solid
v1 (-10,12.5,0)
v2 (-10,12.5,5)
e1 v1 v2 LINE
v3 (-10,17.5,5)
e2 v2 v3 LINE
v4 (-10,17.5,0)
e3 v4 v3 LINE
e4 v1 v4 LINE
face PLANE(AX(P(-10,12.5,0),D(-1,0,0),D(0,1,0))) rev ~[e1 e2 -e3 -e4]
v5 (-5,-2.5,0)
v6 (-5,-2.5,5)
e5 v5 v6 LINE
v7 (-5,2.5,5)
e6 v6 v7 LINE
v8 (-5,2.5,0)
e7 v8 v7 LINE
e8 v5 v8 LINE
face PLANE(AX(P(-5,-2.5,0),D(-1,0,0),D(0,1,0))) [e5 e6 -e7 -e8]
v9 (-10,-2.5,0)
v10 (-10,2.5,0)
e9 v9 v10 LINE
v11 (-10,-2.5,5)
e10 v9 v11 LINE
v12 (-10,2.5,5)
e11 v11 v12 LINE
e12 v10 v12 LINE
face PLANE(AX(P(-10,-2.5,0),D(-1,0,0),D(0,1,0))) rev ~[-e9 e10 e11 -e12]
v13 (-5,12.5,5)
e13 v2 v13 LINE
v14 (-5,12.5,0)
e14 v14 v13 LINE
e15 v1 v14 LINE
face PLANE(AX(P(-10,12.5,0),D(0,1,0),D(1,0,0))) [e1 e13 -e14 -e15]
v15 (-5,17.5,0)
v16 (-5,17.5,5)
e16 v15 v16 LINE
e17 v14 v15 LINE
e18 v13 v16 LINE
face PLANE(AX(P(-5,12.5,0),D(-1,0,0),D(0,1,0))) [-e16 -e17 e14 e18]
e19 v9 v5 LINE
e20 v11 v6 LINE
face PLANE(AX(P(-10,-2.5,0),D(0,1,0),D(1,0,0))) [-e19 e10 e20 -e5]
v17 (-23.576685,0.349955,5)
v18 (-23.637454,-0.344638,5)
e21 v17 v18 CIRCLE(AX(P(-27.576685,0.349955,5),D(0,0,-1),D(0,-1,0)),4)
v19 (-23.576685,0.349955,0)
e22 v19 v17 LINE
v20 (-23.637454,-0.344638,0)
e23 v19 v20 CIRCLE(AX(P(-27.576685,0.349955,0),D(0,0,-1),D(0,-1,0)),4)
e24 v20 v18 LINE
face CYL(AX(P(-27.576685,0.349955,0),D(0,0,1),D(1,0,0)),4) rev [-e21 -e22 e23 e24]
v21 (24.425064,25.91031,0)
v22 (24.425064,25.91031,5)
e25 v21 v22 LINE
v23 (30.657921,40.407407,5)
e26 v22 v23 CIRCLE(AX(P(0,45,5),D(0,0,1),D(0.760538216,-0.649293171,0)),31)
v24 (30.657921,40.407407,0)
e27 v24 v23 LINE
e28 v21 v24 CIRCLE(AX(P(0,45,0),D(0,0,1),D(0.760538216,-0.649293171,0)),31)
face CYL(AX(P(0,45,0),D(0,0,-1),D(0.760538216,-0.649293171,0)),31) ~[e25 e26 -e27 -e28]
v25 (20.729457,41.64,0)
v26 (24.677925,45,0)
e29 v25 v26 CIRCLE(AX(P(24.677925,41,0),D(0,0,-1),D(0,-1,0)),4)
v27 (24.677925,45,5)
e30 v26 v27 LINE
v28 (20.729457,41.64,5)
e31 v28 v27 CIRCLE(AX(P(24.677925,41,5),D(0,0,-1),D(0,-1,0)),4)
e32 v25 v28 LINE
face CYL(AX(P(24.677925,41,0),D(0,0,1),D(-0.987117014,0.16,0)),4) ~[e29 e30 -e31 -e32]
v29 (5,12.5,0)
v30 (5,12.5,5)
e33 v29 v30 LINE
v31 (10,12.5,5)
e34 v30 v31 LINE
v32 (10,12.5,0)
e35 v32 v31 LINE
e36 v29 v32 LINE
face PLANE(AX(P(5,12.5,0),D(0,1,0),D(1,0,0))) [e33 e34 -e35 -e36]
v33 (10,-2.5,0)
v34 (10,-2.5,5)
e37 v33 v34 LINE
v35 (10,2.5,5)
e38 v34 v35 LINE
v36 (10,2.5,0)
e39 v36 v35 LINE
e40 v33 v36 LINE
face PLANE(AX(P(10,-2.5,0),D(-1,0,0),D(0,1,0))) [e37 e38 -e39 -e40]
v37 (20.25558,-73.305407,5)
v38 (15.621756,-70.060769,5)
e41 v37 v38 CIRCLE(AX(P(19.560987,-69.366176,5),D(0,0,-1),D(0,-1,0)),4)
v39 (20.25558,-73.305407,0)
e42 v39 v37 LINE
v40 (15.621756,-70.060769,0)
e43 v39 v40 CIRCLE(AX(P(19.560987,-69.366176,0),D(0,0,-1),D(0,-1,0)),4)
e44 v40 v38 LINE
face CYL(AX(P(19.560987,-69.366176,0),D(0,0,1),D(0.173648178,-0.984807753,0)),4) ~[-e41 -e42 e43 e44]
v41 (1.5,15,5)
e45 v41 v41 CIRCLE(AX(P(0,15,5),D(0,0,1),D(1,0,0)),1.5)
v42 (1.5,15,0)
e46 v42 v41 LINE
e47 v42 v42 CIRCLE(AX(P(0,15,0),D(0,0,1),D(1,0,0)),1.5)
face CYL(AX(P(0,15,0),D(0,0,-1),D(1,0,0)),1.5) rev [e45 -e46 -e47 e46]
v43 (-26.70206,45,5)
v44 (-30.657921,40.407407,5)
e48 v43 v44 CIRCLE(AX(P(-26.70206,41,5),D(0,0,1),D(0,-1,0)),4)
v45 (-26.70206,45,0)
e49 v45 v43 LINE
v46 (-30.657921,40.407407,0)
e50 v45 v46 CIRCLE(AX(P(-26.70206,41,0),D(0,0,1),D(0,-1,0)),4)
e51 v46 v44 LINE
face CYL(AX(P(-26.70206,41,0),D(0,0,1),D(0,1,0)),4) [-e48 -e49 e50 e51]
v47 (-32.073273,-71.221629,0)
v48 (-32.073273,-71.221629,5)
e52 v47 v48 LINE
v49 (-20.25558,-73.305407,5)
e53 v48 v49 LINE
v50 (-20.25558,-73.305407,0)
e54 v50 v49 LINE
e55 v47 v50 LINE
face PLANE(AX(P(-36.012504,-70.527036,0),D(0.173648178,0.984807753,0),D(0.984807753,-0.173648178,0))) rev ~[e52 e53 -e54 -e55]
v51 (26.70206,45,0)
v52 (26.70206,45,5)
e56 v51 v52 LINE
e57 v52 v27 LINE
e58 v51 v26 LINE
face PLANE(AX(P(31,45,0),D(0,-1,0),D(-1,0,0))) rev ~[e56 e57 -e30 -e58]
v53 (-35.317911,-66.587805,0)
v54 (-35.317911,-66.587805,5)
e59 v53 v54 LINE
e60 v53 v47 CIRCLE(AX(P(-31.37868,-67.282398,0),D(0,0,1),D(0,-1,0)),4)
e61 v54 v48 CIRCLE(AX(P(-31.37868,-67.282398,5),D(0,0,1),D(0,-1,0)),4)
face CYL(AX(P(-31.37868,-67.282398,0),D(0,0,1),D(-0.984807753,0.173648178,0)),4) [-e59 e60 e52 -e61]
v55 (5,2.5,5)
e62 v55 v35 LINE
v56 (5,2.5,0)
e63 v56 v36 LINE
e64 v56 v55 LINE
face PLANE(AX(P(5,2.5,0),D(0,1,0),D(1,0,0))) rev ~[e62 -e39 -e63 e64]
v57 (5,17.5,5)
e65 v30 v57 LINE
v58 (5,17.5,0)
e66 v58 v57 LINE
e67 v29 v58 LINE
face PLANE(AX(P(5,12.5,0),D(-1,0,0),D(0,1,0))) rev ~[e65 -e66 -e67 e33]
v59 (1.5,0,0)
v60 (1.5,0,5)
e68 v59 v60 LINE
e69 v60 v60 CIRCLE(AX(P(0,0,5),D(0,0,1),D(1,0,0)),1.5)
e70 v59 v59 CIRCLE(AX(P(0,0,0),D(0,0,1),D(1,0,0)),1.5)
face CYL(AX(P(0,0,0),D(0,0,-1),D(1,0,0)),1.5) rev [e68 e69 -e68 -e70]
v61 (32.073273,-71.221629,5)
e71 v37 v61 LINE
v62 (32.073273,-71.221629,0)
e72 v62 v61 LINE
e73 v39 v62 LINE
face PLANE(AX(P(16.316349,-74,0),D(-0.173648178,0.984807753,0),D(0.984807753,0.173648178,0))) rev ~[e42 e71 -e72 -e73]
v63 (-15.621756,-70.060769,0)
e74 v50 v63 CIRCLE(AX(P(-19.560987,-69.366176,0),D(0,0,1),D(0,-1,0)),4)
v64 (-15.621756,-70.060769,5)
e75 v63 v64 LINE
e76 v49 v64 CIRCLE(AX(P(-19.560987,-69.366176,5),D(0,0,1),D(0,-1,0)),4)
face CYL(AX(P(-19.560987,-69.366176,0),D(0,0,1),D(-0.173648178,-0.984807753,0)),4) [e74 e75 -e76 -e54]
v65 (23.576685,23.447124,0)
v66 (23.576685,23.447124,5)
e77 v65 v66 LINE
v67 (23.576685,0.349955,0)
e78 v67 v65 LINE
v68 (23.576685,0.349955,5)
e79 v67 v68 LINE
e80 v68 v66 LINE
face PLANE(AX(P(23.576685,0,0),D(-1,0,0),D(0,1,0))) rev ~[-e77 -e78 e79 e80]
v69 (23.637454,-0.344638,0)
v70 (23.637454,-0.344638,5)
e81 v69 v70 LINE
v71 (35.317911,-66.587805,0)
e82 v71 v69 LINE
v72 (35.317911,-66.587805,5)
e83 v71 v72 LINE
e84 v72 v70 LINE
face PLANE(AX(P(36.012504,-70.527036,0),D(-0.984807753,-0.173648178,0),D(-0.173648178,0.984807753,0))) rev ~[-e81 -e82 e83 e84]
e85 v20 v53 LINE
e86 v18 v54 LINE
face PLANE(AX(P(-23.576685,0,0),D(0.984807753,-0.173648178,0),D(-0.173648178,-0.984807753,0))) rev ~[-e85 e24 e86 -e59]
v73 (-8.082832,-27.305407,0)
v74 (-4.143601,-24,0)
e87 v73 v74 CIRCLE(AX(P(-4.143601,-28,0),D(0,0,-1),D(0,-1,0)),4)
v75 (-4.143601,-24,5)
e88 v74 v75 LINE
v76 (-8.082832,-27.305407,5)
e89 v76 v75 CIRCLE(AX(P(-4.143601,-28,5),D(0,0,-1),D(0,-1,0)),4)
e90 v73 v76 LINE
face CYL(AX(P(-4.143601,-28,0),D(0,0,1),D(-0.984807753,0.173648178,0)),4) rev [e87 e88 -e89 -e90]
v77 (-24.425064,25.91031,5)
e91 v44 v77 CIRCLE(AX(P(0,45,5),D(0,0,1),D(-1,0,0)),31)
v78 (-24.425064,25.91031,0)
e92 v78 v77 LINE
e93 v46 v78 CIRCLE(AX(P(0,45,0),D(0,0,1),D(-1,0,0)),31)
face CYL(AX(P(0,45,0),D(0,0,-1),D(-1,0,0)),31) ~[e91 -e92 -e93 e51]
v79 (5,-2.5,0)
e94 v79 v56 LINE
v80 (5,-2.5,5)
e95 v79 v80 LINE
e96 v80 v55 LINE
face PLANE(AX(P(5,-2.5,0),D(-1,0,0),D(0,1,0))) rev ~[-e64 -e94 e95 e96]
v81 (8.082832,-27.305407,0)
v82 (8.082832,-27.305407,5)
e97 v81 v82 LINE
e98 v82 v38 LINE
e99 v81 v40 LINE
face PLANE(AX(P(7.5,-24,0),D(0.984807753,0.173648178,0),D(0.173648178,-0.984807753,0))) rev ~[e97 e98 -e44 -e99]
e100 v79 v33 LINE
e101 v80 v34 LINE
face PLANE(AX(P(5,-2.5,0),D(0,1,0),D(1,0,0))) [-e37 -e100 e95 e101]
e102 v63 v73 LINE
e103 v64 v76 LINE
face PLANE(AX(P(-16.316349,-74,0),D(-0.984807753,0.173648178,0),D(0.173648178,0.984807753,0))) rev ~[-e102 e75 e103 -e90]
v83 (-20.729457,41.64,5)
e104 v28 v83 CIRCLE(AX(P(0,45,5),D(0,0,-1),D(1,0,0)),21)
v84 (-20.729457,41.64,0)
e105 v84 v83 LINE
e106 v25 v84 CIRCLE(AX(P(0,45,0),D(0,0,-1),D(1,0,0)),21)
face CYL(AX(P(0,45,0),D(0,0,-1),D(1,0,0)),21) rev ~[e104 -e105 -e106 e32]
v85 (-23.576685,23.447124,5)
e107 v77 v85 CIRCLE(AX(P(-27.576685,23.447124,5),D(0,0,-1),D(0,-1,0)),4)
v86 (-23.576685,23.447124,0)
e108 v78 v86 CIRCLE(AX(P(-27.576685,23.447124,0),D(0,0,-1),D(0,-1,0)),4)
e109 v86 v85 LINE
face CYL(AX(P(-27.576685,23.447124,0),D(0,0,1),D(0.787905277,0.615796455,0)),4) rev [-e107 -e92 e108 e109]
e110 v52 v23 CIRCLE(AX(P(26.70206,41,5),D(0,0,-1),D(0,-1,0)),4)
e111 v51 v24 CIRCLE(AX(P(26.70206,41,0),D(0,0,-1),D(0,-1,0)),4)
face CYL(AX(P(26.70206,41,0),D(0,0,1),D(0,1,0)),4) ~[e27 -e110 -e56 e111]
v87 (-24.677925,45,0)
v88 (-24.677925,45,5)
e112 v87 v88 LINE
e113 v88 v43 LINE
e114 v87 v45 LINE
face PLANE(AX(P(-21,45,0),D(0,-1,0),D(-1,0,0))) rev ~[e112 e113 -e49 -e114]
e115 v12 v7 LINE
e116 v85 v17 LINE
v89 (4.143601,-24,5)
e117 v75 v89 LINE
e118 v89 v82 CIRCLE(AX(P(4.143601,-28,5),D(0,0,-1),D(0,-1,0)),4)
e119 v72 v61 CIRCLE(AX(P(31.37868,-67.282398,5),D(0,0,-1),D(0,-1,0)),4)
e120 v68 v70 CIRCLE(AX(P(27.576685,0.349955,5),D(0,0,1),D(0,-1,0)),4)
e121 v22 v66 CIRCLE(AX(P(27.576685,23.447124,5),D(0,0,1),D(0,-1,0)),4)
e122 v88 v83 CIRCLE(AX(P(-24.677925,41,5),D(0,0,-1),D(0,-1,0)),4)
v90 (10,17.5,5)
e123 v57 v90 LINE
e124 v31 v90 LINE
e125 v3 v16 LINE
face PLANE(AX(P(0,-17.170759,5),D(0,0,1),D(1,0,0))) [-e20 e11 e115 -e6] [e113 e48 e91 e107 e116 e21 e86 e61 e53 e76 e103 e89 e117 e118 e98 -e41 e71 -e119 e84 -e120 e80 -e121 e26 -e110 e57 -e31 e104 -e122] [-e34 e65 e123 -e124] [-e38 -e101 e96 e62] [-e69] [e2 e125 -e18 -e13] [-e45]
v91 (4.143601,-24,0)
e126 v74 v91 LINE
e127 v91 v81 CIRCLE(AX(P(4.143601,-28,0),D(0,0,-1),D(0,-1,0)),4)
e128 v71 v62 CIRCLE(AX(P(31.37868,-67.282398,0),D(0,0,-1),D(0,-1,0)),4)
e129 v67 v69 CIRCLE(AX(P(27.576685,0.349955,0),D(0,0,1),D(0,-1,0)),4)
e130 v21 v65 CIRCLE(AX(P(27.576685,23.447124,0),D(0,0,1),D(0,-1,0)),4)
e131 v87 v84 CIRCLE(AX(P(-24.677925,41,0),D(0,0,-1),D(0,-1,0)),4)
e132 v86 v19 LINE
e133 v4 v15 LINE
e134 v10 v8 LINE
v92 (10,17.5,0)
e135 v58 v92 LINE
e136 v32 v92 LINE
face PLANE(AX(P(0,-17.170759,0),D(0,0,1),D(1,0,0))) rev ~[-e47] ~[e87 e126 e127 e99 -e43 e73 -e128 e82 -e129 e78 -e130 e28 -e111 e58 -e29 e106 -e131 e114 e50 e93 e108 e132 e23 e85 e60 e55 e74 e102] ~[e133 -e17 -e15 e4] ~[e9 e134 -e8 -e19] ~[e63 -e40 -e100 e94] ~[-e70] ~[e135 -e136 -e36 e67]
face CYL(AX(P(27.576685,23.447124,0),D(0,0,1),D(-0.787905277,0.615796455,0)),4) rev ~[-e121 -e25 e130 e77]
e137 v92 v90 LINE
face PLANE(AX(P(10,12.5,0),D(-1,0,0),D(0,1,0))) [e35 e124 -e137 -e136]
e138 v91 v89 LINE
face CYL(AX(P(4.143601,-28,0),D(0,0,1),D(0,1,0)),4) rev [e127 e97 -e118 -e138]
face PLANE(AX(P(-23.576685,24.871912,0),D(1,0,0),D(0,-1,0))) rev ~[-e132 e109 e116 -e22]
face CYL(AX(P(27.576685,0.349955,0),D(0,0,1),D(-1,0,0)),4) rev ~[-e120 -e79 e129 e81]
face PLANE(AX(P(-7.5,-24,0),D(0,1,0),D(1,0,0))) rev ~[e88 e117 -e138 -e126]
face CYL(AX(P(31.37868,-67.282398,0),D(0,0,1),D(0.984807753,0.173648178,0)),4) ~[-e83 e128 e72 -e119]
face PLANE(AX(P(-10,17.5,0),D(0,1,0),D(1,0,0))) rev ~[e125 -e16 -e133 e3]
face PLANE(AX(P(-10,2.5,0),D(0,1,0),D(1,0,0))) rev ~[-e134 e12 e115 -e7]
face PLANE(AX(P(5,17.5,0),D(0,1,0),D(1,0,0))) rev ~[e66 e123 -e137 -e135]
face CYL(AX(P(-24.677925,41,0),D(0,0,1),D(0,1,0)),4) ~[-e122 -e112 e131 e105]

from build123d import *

# Parameters (mm, degrees)
SKETCH1_R           = 1.5
SKETCH1_W           = 5
SKETCH1_H           = 5
BOSS_EXTRUDE1_DEPTH = 5
FILLET1_R           = 4


with BuildPart() as part:
    # Sketch1 → Boss-Extrude1 (new body)
    with BuildSketch(Plane.XY):
        with BuildLine():
            Line((-21, 45), (-31, 45))
            ThreePointArc((-31, 45), (-29.085023859, 34.273332897), (-23.576684701, 24.871911702))
            Line((-23.576684701, 24.871911702), (-23.576684701, 0))
            Line((-23.576684701, 0), (-36.012504096, -70.527036447))
            Line((-36.012504096, -70.527036447), (-16.316349035, -74))
            Line((-16.316349035, -74), (-7.5, -24))
            Line((-7.5, -24), (7.5, -24))
            Line((7.5, -24), (16.316349035, -74))
            Line((16.316349035, -74), (36.012504096, -70.527036447))
            Line((36.012504096, -70.527036447), (23.576684701, 0))
            Line((23.576684701, 0), (23.576684701, 24.871911702))
            ThreePointArc((23.576684701, 24.871911702), (29.085023859, 34.273332897), (31, 45))
            Line((31, 45), (21, 45))
            ThreePointArc((21, 45), (0, 24), (-21, 45))
        make_face()
        Circle(SKETCH1_R, mode=Mode.SUBTRACT)
        with Locations((0, 15)):
            Circle(SKETCH1_R, mode=Mode.SUBTRACT)
        with Locations((-7.5, 0)):
            Rectangle(SKETCH1_W, SKETCH1_H, mode=Mode.SUBTRACT)
        with Locations((7.5, 0)):
            Rectangle(SKETCH1_W, SKETCH1_H, mode=Mode.SUBTRACT)
        with Locations((-7.5, 15)):
            Rectangle(SKETCH1_W, SKETCH1_H, mode=Mode.SUBTRACT)
        with Locations((7.5, 15)):
            Rectangle(SKETCH1_W, SKETCH1_H, mode=Mode.SUBTRACT)
    extrude(amount=BOSS_EXTRUDE1_DEPTH)

    # Fillet1
    fillet1_edges = [part.edges().sort_by_distance(p)[0] for p in [
        (21, 45, 2.5),
        (31, 45, 2.5),
        (23.576684701, 24.871911702, 2.5),
        (23.576684701, 0, 2.5),
        (36.012504096, -70.527036447, 2.5),
        (16.316349035, -74, 2.5),
        (7.5, -24, 2.5),
        (-7.5, -24, 2.5),
        (-16.316349035, -74, 2.5),
        (-36.012504096, -70.527036447, 2.5),
        (-23.576684701, 0, 2.5),
        (-23.576684701, 24.871911702, 2.5),
        (-31, 45, 2.5),
        (-21, 45, 2.5),
    ]]
    fillet(fillet1_edges, radius=FILLET1_R)


solid = part.part
